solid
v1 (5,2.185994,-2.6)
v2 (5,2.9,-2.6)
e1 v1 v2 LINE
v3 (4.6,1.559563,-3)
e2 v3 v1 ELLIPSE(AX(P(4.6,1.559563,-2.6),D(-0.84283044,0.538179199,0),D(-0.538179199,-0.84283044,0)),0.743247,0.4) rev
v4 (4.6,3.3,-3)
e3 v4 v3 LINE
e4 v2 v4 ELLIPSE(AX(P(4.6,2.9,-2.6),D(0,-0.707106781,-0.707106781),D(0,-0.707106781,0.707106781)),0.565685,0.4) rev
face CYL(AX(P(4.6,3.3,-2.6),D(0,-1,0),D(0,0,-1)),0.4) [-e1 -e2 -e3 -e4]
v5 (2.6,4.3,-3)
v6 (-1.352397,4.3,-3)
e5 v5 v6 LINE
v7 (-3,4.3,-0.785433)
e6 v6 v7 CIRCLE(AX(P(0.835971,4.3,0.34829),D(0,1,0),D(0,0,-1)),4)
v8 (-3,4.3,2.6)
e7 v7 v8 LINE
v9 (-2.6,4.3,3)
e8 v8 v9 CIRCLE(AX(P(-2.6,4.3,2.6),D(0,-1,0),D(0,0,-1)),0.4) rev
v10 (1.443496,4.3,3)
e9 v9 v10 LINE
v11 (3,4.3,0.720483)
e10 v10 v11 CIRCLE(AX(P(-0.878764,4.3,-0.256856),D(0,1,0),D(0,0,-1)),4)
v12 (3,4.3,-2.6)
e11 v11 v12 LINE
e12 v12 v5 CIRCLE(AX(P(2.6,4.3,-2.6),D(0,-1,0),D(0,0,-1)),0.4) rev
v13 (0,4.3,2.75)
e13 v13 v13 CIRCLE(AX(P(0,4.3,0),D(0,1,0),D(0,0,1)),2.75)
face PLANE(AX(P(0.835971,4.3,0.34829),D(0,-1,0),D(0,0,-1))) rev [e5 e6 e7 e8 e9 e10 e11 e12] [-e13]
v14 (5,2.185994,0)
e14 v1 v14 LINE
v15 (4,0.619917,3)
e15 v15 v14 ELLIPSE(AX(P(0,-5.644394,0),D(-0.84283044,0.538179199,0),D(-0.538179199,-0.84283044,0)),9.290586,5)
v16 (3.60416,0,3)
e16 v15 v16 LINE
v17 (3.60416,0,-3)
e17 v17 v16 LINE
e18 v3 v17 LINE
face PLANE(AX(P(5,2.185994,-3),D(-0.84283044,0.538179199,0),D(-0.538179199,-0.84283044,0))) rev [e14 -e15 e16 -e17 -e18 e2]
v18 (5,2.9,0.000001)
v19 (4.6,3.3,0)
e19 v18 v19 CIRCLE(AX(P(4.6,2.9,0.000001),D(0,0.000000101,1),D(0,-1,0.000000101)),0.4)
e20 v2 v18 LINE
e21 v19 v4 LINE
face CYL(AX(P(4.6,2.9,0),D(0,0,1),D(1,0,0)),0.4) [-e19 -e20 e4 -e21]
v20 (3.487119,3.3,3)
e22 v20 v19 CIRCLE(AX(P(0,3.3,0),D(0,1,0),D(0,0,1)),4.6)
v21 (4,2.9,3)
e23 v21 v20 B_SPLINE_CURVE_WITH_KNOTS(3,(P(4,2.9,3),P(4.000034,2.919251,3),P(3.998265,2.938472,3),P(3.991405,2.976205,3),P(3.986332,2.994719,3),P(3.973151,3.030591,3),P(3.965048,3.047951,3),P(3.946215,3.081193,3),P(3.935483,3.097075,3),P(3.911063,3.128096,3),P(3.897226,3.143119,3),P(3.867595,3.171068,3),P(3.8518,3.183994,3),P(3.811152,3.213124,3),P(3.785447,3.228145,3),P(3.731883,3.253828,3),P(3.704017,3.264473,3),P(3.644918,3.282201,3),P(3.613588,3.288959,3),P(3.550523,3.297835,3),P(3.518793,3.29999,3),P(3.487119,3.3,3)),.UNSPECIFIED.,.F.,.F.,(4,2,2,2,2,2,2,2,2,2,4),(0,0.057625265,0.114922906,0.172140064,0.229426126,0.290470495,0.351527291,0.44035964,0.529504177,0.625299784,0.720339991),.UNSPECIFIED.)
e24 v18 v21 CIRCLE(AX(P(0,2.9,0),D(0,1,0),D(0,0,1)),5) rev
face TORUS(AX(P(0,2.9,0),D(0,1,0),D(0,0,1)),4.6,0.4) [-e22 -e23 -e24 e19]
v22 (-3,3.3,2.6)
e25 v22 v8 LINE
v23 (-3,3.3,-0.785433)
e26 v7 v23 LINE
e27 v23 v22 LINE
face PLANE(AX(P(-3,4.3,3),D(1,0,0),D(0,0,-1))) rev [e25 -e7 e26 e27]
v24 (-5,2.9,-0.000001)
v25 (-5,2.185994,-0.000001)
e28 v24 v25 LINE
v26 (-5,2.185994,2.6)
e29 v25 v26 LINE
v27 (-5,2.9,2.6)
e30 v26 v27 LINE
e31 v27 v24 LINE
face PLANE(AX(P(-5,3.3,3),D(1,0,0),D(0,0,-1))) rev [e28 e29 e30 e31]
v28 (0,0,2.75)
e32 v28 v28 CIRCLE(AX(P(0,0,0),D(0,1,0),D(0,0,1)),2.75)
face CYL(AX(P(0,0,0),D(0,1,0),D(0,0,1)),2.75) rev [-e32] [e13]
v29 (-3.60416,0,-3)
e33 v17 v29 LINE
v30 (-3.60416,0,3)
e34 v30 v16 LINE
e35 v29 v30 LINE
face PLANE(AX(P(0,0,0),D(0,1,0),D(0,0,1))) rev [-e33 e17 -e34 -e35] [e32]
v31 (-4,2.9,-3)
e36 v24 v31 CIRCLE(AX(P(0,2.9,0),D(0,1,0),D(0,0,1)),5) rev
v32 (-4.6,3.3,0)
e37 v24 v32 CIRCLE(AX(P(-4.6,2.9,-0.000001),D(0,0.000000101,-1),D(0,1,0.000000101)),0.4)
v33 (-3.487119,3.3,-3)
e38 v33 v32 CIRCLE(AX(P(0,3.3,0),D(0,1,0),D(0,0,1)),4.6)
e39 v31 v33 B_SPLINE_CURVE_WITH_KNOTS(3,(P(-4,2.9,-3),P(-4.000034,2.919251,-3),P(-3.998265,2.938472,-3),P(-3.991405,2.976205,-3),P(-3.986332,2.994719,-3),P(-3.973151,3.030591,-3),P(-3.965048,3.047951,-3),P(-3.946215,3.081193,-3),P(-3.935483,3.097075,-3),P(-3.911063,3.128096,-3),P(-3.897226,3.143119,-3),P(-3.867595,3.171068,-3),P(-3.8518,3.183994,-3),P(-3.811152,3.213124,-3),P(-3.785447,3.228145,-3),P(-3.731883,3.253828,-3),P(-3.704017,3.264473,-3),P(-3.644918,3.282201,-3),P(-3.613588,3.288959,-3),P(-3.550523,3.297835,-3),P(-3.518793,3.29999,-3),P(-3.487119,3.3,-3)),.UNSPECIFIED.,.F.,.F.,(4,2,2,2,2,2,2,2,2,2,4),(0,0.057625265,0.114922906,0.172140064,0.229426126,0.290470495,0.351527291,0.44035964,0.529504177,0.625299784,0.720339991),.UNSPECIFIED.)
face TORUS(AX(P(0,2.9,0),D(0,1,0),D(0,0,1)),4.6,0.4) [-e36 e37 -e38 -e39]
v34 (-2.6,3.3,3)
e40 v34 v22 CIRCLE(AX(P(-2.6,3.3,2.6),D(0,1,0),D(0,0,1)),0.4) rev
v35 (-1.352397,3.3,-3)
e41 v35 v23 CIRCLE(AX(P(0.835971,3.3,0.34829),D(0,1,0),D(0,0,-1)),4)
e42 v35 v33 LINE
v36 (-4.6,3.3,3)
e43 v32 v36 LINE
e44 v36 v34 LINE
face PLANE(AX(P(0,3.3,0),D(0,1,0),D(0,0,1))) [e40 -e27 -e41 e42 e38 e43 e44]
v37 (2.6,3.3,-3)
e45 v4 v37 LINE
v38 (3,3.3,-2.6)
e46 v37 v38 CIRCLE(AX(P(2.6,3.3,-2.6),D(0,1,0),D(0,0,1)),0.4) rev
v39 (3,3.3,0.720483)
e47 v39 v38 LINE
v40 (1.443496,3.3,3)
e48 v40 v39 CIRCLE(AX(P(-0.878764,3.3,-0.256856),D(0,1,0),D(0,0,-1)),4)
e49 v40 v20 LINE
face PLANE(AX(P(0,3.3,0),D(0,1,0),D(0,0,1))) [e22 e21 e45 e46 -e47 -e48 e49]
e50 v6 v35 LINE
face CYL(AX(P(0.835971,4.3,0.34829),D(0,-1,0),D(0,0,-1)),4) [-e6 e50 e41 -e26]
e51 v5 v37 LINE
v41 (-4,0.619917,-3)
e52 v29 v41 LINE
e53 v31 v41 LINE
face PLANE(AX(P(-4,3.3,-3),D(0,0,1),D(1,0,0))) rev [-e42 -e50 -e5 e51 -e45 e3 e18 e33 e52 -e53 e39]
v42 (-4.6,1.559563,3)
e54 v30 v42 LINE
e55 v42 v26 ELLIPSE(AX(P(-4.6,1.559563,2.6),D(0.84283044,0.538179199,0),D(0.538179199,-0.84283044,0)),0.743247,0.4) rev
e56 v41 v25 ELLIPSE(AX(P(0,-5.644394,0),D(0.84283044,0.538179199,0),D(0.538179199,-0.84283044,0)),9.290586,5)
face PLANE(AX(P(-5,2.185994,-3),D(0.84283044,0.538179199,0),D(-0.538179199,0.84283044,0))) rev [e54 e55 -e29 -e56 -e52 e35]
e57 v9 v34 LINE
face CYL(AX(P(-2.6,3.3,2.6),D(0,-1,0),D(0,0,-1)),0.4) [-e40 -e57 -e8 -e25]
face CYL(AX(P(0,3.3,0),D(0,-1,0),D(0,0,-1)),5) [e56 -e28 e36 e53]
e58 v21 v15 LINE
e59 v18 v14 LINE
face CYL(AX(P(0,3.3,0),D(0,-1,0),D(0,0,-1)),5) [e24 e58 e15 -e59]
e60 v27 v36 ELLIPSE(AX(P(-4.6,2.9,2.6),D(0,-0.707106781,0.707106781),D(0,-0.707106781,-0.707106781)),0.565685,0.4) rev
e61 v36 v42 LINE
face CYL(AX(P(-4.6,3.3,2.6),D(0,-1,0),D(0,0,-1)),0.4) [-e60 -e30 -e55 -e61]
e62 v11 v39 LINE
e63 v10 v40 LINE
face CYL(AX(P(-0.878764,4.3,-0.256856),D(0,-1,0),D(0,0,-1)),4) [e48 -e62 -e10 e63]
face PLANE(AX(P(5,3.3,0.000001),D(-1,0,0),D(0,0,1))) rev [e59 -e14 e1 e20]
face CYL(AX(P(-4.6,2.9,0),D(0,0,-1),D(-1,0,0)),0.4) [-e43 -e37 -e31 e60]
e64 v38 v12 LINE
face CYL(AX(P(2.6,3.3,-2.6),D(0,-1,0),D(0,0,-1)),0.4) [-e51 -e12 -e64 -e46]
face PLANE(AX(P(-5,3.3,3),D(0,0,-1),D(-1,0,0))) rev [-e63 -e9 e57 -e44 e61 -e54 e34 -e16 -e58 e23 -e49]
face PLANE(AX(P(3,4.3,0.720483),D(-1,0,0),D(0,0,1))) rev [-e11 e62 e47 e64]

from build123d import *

# Parameters (mm, degrees)
BOSS_EXTRUDE1_DEPTH = 3.3
BOSS_EXTRUDE2_DEPTH = 1
SKETCH4_R           = 2.75
CUT_EXTRUDE1_DEPTH  = 5.3
CUT_EXTRUDE2_DEPTH  = 7
FILLET1_R           = 0.4


with BuildPart() as part:
    # Sketch1 → Boss-Extrude1 (new body)
    with BuildSketch(Plane(origin=(0, 0, 0), x_dir=(1, 0, 0), z_dir=(0, 1, 0))):
        with BuildLine():
            Line((-5, -3), (4, -3))
            ThreePointArc((4, -3), (4.74341641, -1.581139071), (5, -5.07e-07))
            Line((5, -5.07e-07), (5, 3))
            Line((5, 3), (-4, 3))
            ThreePointArc((-4, 3), (-4.74341641, 1.581139071), (-5, 5.07e-07))
            Line((-5, 5.07e-07), (-5, -3))
        make_face()
    extrude(amount=BOSS_EXTRUDE1_DEPTH)

    # Sketch3 → Boss-Extrude2 (add)
    with BuildSketch(Plane(origin=(0, 3.3, 0), x_dir=(1, 0, 0), z_dir=(0, 1, 0))):
        with BuildLine():
            Line((-3, -3), (1.443496021, -3))
            ThreePointArc((1.443496021, -3), (2.424601601, -1.998754321), (3, -0.720482929))
            Line((3, -0.720482929), (3, 3))
            Line((3, 3), (-1.352396976, 3))
            ThreePointArc((-1.352396976, 3), (-2.373272189, 2.039336237), (-3, 0.785433003))
            Line((-3, 0.785433003), (-3, -3))
        make_face()
    extrude(amount=BOSS_EXTRUDE2_DEPTH)

    # Sketch4 → Cut-Extrude1 (cut, through all)
    with BuildSketch(Plane(origin=(0, 4.3, 0), x_dir=(1, 0, 0), z_dir=(0, 1, 0))):
        Circle(SKETCH4_R)
    extrude(amount=-CUT_EXTRUDE1_DEPTH, mode=Mode.SUBTRACT)

    # Sketch5 → Cut-Extrude2 (cut, through all)
    with BuildSketch(Plane.XY.offset(3)):
        Polygon((4, 0), (5, 0), (5, 2.185994227), (3.604159787, 0), align=None)
        Polygon((-5, 0), (-3.604159787, 0), (-5, 2.185994227), align=None)
    extrude(amount=-CUT_EXTRUDE2_DEPTH, mode=Mode.SUBTRACT)

    # Fillet1
    fillet1_edges = [part.edges().sort_by_distance(p)[0] for p in [
        (-5, 2.742997113, 3),
        (5, 2.742997113, -3),
        (-4.74341641, 3.3, -1.581139071),
        (-5, 3.3, 1.499999746),
        (3, 3.8, -3),
        (4.74341641, 3.3, 1.581139071),
        (-3, 3.8, 3),
        (5, 3.3, -1.499999746),
    ]]
    fillet(fillet1_edges, radius=FILLET1_R)


solid = part.part
